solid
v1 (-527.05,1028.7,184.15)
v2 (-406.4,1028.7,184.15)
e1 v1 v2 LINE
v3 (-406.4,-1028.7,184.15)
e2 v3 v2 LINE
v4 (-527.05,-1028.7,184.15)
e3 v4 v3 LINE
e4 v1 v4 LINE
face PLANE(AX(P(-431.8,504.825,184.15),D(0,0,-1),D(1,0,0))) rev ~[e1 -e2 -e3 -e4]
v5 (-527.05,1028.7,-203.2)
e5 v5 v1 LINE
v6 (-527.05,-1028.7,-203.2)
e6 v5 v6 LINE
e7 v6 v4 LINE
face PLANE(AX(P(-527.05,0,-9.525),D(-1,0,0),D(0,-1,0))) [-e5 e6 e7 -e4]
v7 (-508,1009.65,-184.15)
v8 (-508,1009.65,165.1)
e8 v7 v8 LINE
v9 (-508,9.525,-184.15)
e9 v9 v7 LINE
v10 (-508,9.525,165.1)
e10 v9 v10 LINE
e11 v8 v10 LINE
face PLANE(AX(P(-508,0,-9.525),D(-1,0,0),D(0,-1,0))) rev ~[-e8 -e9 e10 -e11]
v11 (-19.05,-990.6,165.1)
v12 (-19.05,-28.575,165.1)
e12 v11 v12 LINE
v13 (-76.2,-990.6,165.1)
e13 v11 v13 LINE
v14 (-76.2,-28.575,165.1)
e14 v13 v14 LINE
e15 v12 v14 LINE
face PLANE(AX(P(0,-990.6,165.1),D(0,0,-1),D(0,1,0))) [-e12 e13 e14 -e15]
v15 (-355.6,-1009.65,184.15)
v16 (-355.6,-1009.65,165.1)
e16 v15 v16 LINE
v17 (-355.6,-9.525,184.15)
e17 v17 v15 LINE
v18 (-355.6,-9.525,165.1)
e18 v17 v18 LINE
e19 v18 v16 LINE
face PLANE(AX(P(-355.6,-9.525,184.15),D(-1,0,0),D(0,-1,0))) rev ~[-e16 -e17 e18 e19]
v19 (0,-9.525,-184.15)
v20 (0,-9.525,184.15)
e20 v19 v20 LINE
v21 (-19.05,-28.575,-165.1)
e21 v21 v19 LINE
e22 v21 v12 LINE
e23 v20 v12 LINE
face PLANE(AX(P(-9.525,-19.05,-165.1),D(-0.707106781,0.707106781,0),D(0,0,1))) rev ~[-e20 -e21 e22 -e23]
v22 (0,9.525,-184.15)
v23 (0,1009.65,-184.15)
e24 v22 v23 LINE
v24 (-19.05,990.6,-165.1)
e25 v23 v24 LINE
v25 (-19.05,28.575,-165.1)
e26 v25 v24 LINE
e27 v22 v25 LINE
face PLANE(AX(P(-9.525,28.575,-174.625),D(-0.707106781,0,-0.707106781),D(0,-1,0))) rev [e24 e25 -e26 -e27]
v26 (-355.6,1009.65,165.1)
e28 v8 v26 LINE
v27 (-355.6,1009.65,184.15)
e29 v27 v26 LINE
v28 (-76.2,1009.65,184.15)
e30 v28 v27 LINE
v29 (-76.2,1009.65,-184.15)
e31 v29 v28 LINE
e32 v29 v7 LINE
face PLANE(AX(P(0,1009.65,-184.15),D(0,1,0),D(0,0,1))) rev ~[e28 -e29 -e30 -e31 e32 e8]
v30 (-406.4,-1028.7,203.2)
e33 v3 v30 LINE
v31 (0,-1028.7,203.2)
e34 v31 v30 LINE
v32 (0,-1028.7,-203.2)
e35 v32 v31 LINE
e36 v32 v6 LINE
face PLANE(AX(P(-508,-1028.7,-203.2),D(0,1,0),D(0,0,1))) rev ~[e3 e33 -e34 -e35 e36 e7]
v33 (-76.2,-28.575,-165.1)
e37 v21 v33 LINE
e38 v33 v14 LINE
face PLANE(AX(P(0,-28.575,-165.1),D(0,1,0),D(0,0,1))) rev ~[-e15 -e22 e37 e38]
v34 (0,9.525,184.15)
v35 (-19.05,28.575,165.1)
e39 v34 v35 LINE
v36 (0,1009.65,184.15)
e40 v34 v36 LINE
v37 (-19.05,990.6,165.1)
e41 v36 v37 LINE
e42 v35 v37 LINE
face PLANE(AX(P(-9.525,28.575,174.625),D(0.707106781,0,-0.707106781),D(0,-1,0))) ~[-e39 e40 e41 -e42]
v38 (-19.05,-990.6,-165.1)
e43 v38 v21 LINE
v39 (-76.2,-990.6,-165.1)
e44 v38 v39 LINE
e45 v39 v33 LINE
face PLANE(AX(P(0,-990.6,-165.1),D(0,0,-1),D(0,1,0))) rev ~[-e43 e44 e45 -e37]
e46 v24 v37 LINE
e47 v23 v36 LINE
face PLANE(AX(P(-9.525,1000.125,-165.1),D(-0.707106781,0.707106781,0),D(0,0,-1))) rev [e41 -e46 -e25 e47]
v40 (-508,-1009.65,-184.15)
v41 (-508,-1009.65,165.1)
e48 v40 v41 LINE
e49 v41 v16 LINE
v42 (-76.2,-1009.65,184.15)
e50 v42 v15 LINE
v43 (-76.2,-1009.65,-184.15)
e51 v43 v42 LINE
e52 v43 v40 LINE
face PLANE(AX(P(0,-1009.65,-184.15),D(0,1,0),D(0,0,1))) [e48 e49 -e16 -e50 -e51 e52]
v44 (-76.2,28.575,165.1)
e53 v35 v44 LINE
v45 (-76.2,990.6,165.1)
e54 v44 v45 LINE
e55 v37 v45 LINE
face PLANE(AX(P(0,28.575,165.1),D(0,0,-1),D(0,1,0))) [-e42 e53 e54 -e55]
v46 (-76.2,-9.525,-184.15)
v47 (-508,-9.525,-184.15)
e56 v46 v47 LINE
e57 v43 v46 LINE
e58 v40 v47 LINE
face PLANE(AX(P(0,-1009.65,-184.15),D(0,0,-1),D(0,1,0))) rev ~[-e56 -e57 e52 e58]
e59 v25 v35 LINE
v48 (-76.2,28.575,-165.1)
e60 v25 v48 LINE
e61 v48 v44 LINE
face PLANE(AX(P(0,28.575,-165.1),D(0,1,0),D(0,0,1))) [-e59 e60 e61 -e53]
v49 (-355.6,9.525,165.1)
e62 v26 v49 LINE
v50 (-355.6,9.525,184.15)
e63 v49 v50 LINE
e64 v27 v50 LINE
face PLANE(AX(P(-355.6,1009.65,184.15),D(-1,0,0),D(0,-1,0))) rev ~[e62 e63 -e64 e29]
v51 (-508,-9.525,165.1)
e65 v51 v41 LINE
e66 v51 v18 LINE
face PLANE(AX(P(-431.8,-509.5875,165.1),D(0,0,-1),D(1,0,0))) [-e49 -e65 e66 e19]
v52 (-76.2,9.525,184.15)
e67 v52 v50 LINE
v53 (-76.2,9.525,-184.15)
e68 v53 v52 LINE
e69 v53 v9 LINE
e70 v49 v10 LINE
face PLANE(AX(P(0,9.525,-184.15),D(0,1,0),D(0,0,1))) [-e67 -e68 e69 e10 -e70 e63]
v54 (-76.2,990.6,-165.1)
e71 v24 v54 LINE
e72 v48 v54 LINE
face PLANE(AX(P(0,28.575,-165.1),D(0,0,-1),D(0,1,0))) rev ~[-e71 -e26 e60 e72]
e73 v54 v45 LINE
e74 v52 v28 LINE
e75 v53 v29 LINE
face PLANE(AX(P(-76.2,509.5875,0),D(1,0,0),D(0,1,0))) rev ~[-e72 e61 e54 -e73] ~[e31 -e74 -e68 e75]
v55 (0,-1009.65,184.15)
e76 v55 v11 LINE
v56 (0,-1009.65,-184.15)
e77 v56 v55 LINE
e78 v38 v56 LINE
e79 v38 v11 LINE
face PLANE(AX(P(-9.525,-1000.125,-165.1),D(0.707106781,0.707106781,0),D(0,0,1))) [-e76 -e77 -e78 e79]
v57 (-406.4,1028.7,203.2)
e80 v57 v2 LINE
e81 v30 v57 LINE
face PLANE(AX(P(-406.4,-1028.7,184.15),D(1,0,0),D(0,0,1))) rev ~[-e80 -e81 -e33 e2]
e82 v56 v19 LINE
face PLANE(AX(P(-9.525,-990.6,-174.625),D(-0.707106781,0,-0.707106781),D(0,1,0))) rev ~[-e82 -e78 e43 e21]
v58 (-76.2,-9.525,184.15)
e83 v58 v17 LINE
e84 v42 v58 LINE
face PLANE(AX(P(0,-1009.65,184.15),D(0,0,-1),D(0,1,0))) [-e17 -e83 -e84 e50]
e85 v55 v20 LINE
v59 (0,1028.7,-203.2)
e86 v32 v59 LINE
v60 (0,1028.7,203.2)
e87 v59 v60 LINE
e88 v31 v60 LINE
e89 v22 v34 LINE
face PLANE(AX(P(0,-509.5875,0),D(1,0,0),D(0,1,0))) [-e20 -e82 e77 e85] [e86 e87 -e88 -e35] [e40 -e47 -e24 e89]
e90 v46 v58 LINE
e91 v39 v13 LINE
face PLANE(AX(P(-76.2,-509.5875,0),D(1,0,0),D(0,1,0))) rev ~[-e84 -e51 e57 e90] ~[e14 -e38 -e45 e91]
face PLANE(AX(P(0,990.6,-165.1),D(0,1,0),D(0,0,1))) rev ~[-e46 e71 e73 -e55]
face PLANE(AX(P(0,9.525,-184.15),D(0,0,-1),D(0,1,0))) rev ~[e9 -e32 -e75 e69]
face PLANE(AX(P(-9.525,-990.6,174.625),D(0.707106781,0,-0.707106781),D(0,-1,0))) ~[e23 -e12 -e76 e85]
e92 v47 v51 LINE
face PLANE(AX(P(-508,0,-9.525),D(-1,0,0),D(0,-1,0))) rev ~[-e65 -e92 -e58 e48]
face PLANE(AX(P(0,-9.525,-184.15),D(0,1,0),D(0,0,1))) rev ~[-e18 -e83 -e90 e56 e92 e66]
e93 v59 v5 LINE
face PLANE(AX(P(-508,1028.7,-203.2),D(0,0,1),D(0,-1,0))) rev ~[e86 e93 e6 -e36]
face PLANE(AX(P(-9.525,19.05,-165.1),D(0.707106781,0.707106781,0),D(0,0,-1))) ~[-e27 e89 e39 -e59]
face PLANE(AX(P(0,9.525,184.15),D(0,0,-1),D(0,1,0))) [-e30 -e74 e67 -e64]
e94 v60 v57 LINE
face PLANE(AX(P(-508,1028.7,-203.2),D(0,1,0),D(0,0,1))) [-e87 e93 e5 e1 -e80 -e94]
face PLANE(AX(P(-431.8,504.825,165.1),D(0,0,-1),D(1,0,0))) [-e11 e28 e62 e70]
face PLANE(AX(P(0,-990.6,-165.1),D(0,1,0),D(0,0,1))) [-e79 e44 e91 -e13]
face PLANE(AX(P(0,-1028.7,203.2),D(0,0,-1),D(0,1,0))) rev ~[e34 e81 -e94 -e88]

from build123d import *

# Parameters (mm, degrees)
F0_W     = 2057.4
F0_H     = 406.4
F0_W_2   = 1000.125
F0_H_2   = 368.3
F1_DEPTH = 508
F2_W     = 101.6
F2_H     = 19.05
F3_DEPTH = 2057.401
F4_W     = 2057.4
F4_H     = 387.35
F5_DEPTH = 19.05
F6_W     = 152.4
F6_H     = 1009.65
F6_H_2   = 1000.125
F7_DEPTH = 19.05
F8_W     = 1000.125
F8_H     = 368.3
F8_W_2   = 962.025
F8_H_2   = 330.2
F9_DEPTH = 76.2
F10_SIZE = 19.05


with BuildPart() as f1:
    # F0 (on Right) → F1 (new body)
    with BuildSketch(Plane.YZ):
        Rectangle(F0_W, F0_H)
        with Locations((-509.5875, 0)):
            Rectangle(F0_W_2, F0_H_2, mode=Mode.SUBTRACT)
        with Locations((509.5875, 0)):
            Rectangle(F0_W_2, F0_H_2, mode=Mode.SUBTRACT)
    extrude(amount=-F1_DEPTH)

    # F2 (on face) → F3 (cut, through all)
    with BuildSketch(Plane.XZ.offset(1028.7)):
        with Locations((-457.2, 193.675)):
            Rectangle(F2_W, F2_H)
    extrude(amount=-F3_DEPTH, mode=Mode.SUBTRACT)

    # F4 (on face) → F5 (join)
    with BuildSketch(Plane(origin=(-508, 0, 0), x_dir=(0, -1, 0), z_dir=(-1, 0, 0))):
        with Locations((0, -9.525)):
            Rectangle(F4_W, F4_H)
    extrude(amount=F5_DEPTH)

    # F6 (on face) → F7 (join)
    with BuildSketch(Plane(origin=(0, 0, 184.15), x_dir=(1, 0, 0), z_dir=(0, 0, -1))):
        with Locations((-431.8, -504.825)):
            Rectangle(F6_W, F6_H)
        with Locations((-431.8, 509.5875)):
            Rectangle(F6_W, F6_H_2)
    extrude(amount=F7_DEPTH)

    # F8 (on face) → F9 (join)
    with BuildSketch(Plane.YZ):
        with Locations((-509.5875, 0)):
            Rectangle(F8_W, F8_H)
        with Locations((-509.5875, 0)):
            Rectangle(F8_W_2, F8_H_2, mode=Mode.SUBTRACT)
        with Locations((509.5875, 0)):
            Rectangle(F8_W, F8_H)
        with Locations((509.5875, 0)):
            Rectangle(F8_W_2, F8_H_2, mode=Mode.SUBTRACT)
    extrude(amount=-F9_DEPTH)

    # F10
    f10_edges = [f1.edges().sort_by_distance(p)[0] for p in [
        (0, -509.5875, 165.1),
        (0, -990.6, 0),
        (0, -509.5875, -165.1),
        (0, -28.575, 0),
        (0, 509.5875, -165.1),
        (0, 28.575, 0),
        (0, 509.5875, 165.1),
        (0, 990.6, 0),
    ]]
    chamfer(f10_edges, length=F10_SIZE)


solid = f1.part
